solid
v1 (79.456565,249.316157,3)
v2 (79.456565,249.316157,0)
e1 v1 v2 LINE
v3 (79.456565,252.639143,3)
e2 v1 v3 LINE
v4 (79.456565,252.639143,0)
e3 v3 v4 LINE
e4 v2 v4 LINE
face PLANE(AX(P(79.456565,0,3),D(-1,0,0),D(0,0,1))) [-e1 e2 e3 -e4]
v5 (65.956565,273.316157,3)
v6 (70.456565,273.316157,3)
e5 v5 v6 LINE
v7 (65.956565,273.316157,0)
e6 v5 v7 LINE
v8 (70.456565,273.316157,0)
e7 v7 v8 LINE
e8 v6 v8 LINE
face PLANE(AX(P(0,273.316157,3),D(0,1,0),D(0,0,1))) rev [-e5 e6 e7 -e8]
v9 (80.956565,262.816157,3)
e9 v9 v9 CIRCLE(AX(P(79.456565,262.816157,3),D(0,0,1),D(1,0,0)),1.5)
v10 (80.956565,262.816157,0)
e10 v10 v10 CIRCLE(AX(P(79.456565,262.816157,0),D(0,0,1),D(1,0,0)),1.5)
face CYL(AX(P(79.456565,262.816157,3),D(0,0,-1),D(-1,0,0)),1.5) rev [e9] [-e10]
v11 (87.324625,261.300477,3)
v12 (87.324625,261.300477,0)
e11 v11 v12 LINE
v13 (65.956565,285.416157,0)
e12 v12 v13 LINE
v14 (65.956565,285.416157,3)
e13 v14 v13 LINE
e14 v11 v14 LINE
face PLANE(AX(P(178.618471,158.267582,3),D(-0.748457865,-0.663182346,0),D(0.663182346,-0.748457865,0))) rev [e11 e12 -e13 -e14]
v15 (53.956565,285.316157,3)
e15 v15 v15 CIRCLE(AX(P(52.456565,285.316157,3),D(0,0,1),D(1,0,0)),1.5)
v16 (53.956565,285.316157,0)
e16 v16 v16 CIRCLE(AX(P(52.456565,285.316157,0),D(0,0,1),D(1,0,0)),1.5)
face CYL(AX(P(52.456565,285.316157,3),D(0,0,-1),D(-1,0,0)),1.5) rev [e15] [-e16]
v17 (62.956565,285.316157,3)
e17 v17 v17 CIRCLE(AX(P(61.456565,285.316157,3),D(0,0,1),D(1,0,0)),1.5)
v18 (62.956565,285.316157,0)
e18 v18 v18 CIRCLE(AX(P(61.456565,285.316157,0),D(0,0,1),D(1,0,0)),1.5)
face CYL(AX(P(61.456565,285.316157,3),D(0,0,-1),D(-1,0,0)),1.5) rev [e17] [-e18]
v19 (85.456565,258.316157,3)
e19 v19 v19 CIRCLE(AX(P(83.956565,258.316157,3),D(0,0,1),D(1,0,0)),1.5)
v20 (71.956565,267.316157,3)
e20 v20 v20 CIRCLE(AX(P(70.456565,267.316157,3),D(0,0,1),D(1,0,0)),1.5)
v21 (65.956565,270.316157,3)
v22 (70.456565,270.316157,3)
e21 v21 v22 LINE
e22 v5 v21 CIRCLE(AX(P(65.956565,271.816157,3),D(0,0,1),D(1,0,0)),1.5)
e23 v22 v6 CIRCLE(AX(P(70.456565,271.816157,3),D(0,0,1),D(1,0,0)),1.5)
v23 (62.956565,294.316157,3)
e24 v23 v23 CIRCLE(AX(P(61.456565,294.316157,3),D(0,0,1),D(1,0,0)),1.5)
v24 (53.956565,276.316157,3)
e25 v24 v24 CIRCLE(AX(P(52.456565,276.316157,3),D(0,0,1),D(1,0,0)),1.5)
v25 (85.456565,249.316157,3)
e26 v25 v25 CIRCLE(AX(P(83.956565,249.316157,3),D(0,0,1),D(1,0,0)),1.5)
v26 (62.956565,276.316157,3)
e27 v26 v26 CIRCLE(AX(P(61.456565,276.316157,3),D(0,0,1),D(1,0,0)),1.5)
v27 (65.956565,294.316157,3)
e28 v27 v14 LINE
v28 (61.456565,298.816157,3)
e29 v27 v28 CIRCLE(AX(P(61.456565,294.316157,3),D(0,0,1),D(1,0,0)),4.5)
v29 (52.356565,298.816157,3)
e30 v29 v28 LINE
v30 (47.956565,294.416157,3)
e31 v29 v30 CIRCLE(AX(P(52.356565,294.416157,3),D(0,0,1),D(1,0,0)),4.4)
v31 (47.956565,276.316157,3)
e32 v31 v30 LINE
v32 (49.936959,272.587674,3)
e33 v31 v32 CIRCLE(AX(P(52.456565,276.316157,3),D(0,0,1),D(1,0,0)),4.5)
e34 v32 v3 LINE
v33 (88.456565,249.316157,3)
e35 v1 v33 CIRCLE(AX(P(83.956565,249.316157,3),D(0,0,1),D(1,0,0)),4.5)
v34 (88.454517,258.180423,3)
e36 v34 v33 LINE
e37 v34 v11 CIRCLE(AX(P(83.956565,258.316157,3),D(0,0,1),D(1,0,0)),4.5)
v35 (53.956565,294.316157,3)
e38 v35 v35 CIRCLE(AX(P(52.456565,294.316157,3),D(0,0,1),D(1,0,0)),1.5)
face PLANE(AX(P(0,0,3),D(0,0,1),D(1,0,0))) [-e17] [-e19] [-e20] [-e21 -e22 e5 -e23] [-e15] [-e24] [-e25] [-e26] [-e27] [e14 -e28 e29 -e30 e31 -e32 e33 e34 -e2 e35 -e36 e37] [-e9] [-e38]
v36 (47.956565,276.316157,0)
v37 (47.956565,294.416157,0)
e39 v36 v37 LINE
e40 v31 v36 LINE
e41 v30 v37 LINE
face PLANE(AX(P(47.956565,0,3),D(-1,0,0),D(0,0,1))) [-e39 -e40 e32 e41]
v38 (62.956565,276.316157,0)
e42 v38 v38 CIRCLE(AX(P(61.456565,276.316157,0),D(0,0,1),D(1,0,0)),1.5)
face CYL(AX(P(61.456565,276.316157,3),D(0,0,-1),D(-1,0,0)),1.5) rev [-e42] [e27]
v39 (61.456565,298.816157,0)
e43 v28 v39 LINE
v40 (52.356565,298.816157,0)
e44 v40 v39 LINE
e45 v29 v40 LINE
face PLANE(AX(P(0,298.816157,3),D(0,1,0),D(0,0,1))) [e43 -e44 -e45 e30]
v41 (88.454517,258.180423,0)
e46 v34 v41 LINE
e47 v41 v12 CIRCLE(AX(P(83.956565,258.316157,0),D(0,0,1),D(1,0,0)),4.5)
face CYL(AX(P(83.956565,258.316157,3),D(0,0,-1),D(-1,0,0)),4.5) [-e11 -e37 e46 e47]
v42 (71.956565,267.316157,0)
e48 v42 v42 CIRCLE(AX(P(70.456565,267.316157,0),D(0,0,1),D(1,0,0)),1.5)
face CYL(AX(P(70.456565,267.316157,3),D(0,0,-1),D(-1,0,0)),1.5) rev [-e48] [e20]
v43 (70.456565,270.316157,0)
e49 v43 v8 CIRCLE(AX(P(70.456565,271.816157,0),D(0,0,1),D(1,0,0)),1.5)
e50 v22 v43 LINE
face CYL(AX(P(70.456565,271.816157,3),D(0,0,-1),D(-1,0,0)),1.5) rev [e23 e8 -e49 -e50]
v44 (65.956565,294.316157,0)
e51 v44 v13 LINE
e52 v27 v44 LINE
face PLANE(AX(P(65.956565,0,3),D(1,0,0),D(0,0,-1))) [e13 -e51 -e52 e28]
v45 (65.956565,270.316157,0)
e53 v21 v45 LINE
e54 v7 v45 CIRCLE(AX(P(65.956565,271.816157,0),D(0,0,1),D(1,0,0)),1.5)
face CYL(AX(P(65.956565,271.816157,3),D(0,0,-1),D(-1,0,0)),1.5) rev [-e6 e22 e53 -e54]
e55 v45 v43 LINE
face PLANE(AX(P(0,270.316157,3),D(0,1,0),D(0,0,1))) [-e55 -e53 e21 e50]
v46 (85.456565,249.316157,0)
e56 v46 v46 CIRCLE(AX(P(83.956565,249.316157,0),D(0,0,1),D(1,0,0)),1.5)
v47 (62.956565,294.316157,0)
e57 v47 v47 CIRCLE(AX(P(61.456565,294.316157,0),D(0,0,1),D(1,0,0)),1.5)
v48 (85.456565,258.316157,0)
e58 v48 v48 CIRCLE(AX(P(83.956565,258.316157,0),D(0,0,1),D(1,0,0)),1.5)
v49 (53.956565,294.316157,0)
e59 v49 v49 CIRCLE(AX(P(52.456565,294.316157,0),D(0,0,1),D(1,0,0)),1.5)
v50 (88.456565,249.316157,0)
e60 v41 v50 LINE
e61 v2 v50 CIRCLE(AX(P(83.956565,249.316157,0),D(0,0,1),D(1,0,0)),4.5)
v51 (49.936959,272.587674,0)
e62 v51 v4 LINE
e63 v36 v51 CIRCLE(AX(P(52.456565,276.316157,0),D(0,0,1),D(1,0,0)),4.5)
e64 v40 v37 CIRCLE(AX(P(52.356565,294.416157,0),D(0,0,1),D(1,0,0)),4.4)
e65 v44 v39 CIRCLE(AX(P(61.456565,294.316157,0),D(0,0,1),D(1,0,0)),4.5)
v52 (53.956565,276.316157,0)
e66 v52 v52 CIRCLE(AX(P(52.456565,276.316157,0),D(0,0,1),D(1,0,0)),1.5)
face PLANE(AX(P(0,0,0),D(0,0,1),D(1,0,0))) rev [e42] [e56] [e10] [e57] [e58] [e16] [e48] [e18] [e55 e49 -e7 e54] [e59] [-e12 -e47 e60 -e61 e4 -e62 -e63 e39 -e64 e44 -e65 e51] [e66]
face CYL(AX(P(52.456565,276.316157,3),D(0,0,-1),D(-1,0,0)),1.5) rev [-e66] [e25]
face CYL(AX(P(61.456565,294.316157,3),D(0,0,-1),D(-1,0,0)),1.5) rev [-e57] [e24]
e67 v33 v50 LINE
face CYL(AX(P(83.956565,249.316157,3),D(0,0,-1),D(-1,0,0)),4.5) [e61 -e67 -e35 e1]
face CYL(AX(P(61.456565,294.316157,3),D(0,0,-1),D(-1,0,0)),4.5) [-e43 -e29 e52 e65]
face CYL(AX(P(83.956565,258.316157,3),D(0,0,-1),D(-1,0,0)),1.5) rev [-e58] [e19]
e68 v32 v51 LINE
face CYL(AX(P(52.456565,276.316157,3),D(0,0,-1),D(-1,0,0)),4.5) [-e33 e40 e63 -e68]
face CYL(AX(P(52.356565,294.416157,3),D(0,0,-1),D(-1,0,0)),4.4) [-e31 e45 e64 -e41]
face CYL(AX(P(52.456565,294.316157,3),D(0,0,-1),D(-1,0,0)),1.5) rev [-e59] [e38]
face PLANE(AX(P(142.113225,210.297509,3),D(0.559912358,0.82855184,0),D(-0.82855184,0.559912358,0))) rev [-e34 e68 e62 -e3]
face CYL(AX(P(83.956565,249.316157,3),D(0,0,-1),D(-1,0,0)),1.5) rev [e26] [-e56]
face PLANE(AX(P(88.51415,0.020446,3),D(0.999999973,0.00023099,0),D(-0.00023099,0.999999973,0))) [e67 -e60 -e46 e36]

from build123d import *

# Parameters (mm, degrees)
MODEL_R                 = 1.5
SALIENTE_EXTRUIR1_DEPTH = 3


with BuildPart() as part:
    # Model → Saliente-Extruir1 (new body)
    with BuildSketch(Plane.XY):
        with BuildLine():
            Line((47.956564936, 294.416156902), (47.956564936, 276.316156902))
            ThreePointArc((47.956564936, 276.316156902), (48.482384187, 274.205259611), (49.936959325, 272.587673623))
            Line((49.936959325, 272.587673623), (70.456564936, 258.72109315))
            Line((70.456564936, 258.72109315), (79.456564936, 252.639142716))
            Line((79.456564936, 252.639142716), (79.456564936, 249.316156902))
            ThreePointArc((79.456564936, 249.316156902), (83.956564936, 244.816156902), (88.456564936, 249.316156902))
            Line((88.456564936, 249.316156902), (88.456564456, 249.318235809))
            Line((88.456564456, 249.318235809), (88.454517382, 258.180422621))
            ThreePointArc((88.454517382, 258.180422621), (88.187667044, 259.848401972), (87.32462533, 261.300477459))
            Line((87.32462533, 261.300477459), (65.956564936, 285.416156902))
            Line((65.956564936, 285.416156902), (65.956564936, 294.316156902))
            ThreePointArc((65.956564936, 294.316156902), (64.638545451, 297.498137417), (61.456564936, 298.816156902))
            Line((61.456564936, 298.816156902), (52.356564936, 298.816156902))
            ThreePointArc((52.356564936, 298.816156902), (49.245295099, 297.527426739), (47.956564936, 294.416156902))
        make_face()
        with Locations((83.956564936, 249.316156902)):
            Circle(MODEL_R, mode=Mode.SUBTRACT)
        with Locations((70.456564936, 267.316156902)):
            Circle(MODEL_R, mode=Mode.SUBTRACT)
        with Locations((79.456564936, 262.816156902)):
            Circle(MODEL_R, mode=Mode.SUBTRACT)
        with Locations((83.956564936, 258.316156902)):
            Circle(MODEL_R, mode=Mode.SUBTRACT)
        with Locations((52.456564936, 276.316156902)):
            Circle(MODEL_R, mode=Mode.SUBTRACT)
        with Locations((61.456564936, 276.316156902)):
            Circle(MODEL_R, mode=Mode.SUBTRACT)
        with BuildLine():
            ThreePointArc((65.956564936, 270.316156902), (64.456564936, 271.816156902), (65.956564936, 273.316156902))
            Line((65.956564936, 273.316156902), (70.456564936, 273.316156902))
            ThreePointArc((70.456564936, 273.316156902), (71.956564936, 271.816156902), (70.456564936, 270.316156902))
            Line((70.456564936, 270.316156902), (65.956564936, 270.316156902))
        make_face(mode=Mode.SUBTRACT)
        with Locations((52.456564936, 285.316156902)):
            Circle(MODEL_R, mode=Mode.SUBTRACT)
        with Locations((52.456564936, 294.316156902)):
            Circle(MODEL_R, mode=Mode.SUBTRACT)
        with Locations((61.456564936, 285.316156902)):
            Circle(MODEL_R, mode=Mode.SUBTRACT)
        with Locations((61.456564936, 294.316156902)):
            Circle(MODEL_R, mode=Mode.SUBTRACT)
    extrude(amount=SALIENTE_EXTRUIR1_DEPTH)


solid = part.part
